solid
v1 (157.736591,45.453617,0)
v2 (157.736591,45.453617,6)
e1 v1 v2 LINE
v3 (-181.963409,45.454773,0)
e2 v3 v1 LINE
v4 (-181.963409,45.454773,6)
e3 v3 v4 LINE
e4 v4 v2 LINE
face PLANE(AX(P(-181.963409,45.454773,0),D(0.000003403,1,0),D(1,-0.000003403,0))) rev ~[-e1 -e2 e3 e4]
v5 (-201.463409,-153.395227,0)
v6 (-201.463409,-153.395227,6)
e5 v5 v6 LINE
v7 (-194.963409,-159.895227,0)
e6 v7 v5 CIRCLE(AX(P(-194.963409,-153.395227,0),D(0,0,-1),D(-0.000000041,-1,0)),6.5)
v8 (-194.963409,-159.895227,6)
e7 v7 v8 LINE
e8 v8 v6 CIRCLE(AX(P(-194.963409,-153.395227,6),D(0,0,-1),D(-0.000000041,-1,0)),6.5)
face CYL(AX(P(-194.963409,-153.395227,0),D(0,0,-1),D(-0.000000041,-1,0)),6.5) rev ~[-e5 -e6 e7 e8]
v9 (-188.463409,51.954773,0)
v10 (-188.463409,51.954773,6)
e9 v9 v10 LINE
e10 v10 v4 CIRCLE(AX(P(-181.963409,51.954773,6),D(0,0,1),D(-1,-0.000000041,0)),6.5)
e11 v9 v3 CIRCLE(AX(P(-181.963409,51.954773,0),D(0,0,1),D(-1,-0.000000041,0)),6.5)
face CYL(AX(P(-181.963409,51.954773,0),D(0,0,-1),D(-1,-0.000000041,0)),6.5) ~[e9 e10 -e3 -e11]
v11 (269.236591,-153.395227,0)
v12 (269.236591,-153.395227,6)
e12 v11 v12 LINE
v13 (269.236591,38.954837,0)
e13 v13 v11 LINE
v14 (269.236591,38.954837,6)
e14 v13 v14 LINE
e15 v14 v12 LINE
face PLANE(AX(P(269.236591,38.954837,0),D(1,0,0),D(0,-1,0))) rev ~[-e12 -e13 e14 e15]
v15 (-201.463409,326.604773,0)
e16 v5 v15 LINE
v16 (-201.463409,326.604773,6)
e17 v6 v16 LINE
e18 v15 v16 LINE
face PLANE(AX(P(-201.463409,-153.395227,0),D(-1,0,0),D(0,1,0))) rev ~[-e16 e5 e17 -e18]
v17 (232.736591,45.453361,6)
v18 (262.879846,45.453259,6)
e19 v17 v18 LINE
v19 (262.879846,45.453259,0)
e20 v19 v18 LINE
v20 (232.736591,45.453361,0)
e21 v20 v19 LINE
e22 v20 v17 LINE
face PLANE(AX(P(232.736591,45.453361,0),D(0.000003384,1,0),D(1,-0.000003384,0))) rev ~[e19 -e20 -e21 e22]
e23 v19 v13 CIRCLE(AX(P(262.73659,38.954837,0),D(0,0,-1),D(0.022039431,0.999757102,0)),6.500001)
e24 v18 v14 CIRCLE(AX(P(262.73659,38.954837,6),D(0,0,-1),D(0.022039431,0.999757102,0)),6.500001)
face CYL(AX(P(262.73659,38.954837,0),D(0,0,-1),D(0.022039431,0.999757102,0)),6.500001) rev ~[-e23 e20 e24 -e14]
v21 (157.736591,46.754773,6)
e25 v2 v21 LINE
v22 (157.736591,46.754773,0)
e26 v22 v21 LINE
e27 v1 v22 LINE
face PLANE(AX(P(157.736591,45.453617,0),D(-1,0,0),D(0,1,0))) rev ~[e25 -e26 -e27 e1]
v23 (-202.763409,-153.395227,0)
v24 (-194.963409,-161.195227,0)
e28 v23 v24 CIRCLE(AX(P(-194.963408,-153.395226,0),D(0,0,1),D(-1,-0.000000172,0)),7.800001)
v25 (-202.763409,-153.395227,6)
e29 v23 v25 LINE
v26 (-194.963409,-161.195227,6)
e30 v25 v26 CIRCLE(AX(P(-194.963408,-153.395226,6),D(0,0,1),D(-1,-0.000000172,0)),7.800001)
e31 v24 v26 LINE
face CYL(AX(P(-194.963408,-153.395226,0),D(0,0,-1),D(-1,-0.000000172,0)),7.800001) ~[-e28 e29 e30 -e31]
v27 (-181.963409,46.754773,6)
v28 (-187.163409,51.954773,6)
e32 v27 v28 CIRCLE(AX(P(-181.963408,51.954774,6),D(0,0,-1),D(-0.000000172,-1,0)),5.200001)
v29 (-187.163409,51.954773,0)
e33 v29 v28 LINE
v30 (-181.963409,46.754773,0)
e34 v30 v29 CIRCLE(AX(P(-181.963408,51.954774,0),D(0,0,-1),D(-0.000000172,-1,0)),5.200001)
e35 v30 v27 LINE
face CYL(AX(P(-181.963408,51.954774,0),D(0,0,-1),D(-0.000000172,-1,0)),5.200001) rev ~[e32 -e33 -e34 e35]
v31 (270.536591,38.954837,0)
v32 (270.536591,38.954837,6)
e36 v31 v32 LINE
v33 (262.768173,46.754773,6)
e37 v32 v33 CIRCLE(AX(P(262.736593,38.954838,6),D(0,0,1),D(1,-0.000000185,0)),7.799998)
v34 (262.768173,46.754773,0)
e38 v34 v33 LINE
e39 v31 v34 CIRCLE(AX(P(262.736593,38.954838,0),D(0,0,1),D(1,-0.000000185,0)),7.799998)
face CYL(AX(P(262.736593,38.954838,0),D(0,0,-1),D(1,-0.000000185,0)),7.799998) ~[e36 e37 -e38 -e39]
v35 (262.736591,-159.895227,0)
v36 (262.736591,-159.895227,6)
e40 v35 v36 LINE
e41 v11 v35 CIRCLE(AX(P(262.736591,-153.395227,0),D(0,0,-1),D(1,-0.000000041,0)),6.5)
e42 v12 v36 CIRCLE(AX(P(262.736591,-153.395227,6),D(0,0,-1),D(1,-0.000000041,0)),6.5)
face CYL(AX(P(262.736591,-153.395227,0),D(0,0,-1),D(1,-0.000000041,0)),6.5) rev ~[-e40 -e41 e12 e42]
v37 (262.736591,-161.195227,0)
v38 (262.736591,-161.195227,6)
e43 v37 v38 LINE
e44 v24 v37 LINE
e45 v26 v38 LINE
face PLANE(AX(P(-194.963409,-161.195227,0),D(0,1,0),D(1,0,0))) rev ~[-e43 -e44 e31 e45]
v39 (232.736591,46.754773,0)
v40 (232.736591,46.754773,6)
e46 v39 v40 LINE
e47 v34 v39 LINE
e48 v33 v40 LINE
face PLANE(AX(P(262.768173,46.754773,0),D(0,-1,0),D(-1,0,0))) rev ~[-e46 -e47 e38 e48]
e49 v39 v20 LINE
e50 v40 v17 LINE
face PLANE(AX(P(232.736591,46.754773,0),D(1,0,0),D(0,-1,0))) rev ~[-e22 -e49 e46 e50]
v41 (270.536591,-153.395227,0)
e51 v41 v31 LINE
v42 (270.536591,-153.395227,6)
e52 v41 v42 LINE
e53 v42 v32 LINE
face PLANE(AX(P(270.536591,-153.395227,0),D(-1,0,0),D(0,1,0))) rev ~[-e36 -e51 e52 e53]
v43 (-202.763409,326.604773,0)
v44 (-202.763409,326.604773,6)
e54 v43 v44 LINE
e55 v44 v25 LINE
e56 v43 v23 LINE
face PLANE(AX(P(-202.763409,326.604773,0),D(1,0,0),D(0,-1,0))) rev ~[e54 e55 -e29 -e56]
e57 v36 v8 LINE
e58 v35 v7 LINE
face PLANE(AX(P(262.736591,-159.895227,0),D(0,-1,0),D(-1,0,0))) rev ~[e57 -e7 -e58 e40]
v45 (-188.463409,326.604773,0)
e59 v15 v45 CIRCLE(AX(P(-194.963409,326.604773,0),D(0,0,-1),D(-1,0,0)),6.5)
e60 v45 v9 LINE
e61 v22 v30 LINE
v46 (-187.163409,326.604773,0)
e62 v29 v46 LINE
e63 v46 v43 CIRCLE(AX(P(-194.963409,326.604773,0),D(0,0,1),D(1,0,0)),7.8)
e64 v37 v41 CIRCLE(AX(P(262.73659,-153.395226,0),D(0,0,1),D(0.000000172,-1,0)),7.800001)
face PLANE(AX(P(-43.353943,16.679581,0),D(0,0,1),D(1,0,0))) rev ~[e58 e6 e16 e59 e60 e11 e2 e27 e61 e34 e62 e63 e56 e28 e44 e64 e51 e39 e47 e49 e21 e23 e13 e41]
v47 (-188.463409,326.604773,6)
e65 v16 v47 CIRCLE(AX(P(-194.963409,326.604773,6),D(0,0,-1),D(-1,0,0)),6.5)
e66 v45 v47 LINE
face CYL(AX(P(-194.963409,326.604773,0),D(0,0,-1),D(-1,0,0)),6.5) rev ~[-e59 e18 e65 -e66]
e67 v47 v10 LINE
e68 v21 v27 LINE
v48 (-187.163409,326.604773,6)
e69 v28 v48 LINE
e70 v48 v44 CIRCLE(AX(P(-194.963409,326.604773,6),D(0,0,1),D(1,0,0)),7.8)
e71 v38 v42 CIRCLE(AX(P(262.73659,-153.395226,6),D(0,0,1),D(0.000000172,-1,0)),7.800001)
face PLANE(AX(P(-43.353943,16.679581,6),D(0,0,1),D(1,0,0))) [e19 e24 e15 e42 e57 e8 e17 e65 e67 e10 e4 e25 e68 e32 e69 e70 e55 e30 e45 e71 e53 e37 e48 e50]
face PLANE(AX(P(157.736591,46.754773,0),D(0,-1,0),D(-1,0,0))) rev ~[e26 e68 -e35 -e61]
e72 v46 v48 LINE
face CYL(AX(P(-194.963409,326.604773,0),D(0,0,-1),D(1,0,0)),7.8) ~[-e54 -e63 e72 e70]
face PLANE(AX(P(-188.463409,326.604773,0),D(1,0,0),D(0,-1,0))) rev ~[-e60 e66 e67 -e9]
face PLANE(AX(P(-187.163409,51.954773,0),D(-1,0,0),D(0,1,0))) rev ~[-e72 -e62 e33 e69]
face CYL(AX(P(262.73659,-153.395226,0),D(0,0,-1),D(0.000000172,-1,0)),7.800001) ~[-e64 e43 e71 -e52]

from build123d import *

# Parameters (mm, degrees)
F1_DEPTH = 6


with BuildPart() as f1:
    # F0 (on Top) → F1 (new body)
    with BuildSketch(Plane.XY):
        with BuildLine():
            ThreePointArc((-201.463409, 326.604773), (-194.963409, 333.104773), (-188.463409, 326.604773))
            Line((-188.463409, 326.604773), (-188.463409, 51.954773))
            ThreePointArc((-188.463409, 51.954773), (-186.559603, 47.358579), (-181.963409, 45.454773))
            Line((-181.963409, 45.454773), (157.736591, 45.453617))
            Line((157.736591, 45.453617), (157.736591, 46.754773))
            Line((157.736591, 46.754773), (-181.963409, 46.754773))
            ThreePointArc((-181.963409, 46.754773), (-185.640364, 48.277818), (-187.163409, 51.954773))
            Line((-187.163409, 51.954773), (-187.163409, 326.604773))
            ThreePointArc((-187.163409, 326.604773), (-194.963409, 334.404773), (-202.763409, 326.604773))
            Line((-202.763409, 326.604773), (-202.763409, -153.395227))
            ThreePointArc((-202.763409, -153.395227), (-200.478842, -158.910659), (-194.963409, -161.195227))
            Line((-194.963409, -161.195227), (262.736591, -161.195227))
            ThreePointArc((262.736591, -161.195227), (268.252024, -158.910659), (270.536591, -153.395227))
            Line((270.536591, -153.395227), (270.536591, 38.954837))
            ThreePointArc((270.536591, 38.954837), (268.263179, 44.459093), (262.768173, 46.754773))
            Line((262.768173, 46.754773), (232.736591, 46.754773))
            Line((232.736591, 46.754773), (232.736591, 45.453361))
            Line((232.736591, 45.453361), (262.879846, 45.453259))
            ThreePointArc((262.879846, 45.453259), (267.383157, 43.500101), (269.236591, 38.954837))
            Line((269.236591, 38.954837), (269.236591, -153.395227))
            ThreePointArc((269.236591, -153.395227), (267.332785, -157.991421), (262.736591, -159.895227))
            Line((262.736591, -159.895227), (-194.963409, -159.895227))
            ThreePointArc((-194.963409, -159.895227), (-199.559603, -157.991421), (-201.463409, -153.395227))
            Line((-201.463409, -153.395227), (-201.463409, 326.604773))
        make_face()
    extrude(amount=F1_DEPTH)


solid = f1.part
